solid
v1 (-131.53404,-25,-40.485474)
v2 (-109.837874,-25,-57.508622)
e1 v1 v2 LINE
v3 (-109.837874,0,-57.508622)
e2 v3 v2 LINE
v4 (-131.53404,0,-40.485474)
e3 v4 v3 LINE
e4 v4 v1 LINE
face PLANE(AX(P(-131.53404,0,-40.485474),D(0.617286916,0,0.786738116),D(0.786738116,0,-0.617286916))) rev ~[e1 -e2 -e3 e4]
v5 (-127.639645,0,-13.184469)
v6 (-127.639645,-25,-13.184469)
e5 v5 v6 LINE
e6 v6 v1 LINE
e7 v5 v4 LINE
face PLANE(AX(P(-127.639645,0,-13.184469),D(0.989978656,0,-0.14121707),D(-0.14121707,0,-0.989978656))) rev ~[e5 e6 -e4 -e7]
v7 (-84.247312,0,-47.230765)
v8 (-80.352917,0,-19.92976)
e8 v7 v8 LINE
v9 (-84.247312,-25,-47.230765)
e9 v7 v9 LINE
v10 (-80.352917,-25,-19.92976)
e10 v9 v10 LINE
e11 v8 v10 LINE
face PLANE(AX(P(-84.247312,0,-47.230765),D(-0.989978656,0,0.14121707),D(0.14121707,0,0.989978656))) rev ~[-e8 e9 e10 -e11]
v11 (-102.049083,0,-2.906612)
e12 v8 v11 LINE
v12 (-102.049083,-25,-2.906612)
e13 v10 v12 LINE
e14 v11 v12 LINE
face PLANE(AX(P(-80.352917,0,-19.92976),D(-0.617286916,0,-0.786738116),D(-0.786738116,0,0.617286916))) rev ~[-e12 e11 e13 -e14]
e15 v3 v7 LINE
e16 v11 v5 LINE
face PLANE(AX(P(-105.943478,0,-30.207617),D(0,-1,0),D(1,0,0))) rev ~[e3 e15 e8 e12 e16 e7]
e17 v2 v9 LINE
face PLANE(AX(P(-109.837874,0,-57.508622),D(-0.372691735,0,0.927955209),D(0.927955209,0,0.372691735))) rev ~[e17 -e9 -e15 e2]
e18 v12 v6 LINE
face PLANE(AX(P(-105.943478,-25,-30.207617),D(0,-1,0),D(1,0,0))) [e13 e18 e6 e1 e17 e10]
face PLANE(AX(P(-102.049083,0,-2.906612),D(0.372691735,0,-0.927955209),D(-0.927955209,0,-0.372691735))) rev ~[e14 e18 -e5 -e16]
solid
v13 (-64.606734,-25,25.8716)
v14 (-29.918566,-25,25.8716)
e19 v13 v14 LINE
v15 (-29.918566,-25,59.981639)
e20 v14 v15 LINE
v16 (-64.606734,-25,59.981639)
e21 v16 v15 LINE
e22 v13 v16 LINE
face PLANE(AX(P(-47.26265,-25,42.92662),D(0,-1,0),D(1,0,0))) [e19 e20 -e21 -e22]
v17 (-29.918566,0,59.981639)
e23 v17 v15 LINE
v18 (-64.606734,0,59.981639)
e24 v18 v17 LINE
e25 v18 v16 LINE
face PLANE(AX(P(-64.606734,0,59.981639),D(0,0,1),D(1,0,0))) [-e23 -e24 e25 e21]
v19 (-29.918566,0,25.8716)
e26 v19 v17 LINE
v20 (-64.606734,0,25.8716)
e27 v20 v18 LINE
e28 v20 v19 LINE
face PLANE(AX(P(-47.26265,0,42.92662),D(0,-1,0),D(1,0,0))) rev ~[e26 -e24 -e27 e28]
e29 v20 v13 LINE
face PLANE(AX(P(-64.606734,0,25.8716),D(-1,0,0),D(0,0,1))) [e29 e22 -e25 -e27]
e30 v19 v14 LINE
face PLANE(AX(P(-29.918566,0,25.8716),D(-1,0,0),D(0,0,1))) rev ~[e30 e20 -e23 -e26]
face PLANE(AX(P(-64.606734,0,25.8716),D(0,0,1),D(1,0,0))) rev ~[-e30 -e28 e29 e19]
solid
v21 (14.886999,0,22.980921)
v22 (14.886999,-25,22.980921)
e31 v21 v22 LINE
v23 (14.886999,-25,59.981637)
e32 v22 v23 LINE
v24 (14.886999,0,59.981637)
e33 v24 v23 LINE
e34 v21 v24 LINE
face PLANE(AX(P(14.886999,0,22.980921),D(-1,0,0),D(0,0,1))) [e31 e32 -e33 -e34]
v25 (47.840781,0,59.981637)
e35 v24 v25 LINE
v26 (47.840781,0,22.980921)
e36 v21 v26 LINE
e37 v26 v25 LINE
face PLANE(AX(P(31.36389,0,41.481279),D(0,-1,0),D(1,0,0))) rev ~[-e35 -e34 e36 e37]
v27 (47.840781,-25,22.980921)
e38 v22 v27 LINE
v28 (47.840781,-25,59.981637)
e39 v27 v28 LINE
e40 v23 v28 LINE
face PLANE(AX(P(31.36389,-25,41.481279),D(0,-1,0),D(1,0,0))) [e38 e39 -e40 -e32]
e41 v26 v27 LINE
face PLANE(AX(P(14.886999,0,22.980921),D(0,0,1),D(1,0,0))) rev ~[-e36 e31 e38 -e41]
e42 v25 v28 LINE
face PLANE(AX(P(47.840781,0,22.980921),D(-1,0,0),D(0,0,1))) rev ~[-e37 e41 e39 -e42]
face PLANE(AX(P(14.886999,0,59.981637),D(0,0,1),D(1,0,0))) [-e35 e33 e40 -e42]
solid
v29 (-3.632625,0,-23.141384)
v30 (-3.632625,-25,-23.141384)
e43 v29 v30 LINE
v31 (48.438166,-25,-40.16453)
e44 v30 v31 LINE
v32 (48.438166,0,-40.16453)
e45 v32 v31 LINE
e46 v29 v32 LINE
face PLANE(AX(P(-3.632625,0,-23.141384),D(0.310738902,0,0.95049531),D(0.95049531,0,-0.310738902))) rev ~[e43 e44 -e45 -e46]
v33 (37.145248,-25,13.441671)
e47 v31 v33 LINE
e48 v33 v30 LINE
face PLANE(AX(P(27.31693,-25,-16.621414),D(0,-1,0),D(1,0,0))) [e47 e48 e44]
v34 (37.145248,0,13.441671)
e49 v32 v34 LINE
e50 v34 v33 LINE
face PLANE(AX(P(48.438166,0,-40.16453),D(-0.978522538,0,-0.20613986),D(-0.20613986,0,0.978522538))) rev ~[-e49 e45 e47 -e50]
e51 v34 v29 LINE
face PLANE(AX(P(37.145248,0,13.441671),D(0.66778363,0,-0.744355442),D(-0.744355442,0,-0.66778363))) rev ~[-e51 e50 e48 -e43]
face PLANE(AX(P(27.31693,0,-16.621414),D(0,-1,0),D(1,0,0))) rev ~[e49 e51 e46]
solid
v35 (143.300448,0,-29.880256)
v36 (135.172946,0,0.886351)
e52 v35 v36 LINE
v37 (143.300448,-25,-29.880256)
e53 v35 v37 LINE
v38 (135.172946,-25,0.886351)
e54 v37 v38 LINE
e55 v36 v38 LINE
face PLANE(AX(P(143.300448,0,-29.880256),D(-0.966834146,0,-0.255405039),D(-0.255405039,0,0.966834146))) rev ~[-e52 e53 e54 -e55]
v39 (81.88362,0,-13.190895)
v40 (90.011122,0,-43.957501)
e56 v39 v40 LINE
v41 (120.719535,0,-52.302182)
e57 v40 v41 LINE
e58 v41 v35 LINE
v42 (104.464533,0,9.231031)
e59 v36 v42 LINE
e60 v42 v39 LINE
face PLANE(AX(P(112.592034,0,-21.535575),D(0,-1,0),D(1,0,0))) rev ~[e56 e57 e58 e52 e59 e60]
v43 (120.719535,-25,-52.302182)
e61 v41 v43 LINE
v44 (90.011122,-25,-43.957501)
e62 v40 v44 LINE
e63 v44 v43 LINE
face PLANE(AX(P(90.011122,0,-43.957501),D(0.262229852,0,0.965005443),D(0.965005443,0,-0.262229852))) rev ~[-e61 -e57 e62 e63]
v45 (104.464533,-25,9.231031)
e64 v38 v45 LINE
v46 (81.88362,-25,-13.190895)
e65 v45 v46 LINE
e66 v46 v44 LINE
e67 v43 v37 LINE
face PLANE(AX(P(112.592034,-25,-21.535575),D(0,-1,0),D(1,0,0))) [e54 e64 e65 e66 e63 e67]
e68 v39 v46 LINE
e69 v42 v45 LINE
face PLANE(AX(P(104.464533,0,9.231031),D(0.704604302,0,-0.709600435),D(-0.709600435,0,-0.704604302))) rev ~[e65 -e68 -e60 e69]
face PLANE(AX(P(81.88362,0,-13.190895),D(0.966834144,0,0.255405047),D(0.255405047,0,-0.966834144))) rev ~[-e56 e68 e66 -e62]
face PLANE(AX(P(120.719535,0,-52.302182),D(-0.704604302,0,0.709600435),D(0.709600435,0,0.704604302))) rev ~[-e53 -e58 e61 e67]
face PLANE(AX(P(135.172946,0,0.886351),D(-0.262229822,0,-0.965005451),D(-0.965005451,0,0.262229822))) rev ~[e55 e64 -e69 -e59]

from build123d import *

# Parameters (mm, degrees)
F0_W     = 34.688168
F0_H     = 34.110039
F0_W_2   = 32.953782
F0_H_2   = 37.000716
F1_DEPTH = 25
F3_DEPTH = 25
F5_DEPTH = 25


with BuildPart() as f1:
    # F0 (on Front) → F1 (new body)
    with BuildSketch(Plane.XZ):
        with Locations((-47.26265, 42.92662)):
            Rectangle(F0_W, F0_H)
        with Locations((31.36389, 41.481279)):
            Rectangle(F0_W_2, F0_H_2)
    extrude(amount=F1_DEPTH)


with BuildPart() as f3:
    # F2 (on Front) → F3 (new body)
    with BuildSketch(Plane.XZ):
        Polygon((-131.53404, -40.485474), (-109.837874, -57.508622), (-84.247312, -47.230765), (-80.352917, -19.92976), (-102.049083, -2.906612), (-127.639645, -13.184469), align=None)
    extrude(amount=F3_DEPTH)


with BuildPart() as f5:
    # F4 (on Front) → F5 (new body)
    with BuildSketch(Plane.XZ):
        Polygon((-3.632625, -23.141384), (48.438166, -40.16453), (37.145248, 13.441671), align=None)
        Polygon((90.011122, -43.957501), (120.719535, -52.302182), (143.300448, -29.880256), (135.172946, 0.886351), (104.464533, 9.231031), (81.88362, -13.190895), align=None)
    extrude(amount=F5_DEPTH)


solid = Compound([f1.part, f3.part, f5.part])
